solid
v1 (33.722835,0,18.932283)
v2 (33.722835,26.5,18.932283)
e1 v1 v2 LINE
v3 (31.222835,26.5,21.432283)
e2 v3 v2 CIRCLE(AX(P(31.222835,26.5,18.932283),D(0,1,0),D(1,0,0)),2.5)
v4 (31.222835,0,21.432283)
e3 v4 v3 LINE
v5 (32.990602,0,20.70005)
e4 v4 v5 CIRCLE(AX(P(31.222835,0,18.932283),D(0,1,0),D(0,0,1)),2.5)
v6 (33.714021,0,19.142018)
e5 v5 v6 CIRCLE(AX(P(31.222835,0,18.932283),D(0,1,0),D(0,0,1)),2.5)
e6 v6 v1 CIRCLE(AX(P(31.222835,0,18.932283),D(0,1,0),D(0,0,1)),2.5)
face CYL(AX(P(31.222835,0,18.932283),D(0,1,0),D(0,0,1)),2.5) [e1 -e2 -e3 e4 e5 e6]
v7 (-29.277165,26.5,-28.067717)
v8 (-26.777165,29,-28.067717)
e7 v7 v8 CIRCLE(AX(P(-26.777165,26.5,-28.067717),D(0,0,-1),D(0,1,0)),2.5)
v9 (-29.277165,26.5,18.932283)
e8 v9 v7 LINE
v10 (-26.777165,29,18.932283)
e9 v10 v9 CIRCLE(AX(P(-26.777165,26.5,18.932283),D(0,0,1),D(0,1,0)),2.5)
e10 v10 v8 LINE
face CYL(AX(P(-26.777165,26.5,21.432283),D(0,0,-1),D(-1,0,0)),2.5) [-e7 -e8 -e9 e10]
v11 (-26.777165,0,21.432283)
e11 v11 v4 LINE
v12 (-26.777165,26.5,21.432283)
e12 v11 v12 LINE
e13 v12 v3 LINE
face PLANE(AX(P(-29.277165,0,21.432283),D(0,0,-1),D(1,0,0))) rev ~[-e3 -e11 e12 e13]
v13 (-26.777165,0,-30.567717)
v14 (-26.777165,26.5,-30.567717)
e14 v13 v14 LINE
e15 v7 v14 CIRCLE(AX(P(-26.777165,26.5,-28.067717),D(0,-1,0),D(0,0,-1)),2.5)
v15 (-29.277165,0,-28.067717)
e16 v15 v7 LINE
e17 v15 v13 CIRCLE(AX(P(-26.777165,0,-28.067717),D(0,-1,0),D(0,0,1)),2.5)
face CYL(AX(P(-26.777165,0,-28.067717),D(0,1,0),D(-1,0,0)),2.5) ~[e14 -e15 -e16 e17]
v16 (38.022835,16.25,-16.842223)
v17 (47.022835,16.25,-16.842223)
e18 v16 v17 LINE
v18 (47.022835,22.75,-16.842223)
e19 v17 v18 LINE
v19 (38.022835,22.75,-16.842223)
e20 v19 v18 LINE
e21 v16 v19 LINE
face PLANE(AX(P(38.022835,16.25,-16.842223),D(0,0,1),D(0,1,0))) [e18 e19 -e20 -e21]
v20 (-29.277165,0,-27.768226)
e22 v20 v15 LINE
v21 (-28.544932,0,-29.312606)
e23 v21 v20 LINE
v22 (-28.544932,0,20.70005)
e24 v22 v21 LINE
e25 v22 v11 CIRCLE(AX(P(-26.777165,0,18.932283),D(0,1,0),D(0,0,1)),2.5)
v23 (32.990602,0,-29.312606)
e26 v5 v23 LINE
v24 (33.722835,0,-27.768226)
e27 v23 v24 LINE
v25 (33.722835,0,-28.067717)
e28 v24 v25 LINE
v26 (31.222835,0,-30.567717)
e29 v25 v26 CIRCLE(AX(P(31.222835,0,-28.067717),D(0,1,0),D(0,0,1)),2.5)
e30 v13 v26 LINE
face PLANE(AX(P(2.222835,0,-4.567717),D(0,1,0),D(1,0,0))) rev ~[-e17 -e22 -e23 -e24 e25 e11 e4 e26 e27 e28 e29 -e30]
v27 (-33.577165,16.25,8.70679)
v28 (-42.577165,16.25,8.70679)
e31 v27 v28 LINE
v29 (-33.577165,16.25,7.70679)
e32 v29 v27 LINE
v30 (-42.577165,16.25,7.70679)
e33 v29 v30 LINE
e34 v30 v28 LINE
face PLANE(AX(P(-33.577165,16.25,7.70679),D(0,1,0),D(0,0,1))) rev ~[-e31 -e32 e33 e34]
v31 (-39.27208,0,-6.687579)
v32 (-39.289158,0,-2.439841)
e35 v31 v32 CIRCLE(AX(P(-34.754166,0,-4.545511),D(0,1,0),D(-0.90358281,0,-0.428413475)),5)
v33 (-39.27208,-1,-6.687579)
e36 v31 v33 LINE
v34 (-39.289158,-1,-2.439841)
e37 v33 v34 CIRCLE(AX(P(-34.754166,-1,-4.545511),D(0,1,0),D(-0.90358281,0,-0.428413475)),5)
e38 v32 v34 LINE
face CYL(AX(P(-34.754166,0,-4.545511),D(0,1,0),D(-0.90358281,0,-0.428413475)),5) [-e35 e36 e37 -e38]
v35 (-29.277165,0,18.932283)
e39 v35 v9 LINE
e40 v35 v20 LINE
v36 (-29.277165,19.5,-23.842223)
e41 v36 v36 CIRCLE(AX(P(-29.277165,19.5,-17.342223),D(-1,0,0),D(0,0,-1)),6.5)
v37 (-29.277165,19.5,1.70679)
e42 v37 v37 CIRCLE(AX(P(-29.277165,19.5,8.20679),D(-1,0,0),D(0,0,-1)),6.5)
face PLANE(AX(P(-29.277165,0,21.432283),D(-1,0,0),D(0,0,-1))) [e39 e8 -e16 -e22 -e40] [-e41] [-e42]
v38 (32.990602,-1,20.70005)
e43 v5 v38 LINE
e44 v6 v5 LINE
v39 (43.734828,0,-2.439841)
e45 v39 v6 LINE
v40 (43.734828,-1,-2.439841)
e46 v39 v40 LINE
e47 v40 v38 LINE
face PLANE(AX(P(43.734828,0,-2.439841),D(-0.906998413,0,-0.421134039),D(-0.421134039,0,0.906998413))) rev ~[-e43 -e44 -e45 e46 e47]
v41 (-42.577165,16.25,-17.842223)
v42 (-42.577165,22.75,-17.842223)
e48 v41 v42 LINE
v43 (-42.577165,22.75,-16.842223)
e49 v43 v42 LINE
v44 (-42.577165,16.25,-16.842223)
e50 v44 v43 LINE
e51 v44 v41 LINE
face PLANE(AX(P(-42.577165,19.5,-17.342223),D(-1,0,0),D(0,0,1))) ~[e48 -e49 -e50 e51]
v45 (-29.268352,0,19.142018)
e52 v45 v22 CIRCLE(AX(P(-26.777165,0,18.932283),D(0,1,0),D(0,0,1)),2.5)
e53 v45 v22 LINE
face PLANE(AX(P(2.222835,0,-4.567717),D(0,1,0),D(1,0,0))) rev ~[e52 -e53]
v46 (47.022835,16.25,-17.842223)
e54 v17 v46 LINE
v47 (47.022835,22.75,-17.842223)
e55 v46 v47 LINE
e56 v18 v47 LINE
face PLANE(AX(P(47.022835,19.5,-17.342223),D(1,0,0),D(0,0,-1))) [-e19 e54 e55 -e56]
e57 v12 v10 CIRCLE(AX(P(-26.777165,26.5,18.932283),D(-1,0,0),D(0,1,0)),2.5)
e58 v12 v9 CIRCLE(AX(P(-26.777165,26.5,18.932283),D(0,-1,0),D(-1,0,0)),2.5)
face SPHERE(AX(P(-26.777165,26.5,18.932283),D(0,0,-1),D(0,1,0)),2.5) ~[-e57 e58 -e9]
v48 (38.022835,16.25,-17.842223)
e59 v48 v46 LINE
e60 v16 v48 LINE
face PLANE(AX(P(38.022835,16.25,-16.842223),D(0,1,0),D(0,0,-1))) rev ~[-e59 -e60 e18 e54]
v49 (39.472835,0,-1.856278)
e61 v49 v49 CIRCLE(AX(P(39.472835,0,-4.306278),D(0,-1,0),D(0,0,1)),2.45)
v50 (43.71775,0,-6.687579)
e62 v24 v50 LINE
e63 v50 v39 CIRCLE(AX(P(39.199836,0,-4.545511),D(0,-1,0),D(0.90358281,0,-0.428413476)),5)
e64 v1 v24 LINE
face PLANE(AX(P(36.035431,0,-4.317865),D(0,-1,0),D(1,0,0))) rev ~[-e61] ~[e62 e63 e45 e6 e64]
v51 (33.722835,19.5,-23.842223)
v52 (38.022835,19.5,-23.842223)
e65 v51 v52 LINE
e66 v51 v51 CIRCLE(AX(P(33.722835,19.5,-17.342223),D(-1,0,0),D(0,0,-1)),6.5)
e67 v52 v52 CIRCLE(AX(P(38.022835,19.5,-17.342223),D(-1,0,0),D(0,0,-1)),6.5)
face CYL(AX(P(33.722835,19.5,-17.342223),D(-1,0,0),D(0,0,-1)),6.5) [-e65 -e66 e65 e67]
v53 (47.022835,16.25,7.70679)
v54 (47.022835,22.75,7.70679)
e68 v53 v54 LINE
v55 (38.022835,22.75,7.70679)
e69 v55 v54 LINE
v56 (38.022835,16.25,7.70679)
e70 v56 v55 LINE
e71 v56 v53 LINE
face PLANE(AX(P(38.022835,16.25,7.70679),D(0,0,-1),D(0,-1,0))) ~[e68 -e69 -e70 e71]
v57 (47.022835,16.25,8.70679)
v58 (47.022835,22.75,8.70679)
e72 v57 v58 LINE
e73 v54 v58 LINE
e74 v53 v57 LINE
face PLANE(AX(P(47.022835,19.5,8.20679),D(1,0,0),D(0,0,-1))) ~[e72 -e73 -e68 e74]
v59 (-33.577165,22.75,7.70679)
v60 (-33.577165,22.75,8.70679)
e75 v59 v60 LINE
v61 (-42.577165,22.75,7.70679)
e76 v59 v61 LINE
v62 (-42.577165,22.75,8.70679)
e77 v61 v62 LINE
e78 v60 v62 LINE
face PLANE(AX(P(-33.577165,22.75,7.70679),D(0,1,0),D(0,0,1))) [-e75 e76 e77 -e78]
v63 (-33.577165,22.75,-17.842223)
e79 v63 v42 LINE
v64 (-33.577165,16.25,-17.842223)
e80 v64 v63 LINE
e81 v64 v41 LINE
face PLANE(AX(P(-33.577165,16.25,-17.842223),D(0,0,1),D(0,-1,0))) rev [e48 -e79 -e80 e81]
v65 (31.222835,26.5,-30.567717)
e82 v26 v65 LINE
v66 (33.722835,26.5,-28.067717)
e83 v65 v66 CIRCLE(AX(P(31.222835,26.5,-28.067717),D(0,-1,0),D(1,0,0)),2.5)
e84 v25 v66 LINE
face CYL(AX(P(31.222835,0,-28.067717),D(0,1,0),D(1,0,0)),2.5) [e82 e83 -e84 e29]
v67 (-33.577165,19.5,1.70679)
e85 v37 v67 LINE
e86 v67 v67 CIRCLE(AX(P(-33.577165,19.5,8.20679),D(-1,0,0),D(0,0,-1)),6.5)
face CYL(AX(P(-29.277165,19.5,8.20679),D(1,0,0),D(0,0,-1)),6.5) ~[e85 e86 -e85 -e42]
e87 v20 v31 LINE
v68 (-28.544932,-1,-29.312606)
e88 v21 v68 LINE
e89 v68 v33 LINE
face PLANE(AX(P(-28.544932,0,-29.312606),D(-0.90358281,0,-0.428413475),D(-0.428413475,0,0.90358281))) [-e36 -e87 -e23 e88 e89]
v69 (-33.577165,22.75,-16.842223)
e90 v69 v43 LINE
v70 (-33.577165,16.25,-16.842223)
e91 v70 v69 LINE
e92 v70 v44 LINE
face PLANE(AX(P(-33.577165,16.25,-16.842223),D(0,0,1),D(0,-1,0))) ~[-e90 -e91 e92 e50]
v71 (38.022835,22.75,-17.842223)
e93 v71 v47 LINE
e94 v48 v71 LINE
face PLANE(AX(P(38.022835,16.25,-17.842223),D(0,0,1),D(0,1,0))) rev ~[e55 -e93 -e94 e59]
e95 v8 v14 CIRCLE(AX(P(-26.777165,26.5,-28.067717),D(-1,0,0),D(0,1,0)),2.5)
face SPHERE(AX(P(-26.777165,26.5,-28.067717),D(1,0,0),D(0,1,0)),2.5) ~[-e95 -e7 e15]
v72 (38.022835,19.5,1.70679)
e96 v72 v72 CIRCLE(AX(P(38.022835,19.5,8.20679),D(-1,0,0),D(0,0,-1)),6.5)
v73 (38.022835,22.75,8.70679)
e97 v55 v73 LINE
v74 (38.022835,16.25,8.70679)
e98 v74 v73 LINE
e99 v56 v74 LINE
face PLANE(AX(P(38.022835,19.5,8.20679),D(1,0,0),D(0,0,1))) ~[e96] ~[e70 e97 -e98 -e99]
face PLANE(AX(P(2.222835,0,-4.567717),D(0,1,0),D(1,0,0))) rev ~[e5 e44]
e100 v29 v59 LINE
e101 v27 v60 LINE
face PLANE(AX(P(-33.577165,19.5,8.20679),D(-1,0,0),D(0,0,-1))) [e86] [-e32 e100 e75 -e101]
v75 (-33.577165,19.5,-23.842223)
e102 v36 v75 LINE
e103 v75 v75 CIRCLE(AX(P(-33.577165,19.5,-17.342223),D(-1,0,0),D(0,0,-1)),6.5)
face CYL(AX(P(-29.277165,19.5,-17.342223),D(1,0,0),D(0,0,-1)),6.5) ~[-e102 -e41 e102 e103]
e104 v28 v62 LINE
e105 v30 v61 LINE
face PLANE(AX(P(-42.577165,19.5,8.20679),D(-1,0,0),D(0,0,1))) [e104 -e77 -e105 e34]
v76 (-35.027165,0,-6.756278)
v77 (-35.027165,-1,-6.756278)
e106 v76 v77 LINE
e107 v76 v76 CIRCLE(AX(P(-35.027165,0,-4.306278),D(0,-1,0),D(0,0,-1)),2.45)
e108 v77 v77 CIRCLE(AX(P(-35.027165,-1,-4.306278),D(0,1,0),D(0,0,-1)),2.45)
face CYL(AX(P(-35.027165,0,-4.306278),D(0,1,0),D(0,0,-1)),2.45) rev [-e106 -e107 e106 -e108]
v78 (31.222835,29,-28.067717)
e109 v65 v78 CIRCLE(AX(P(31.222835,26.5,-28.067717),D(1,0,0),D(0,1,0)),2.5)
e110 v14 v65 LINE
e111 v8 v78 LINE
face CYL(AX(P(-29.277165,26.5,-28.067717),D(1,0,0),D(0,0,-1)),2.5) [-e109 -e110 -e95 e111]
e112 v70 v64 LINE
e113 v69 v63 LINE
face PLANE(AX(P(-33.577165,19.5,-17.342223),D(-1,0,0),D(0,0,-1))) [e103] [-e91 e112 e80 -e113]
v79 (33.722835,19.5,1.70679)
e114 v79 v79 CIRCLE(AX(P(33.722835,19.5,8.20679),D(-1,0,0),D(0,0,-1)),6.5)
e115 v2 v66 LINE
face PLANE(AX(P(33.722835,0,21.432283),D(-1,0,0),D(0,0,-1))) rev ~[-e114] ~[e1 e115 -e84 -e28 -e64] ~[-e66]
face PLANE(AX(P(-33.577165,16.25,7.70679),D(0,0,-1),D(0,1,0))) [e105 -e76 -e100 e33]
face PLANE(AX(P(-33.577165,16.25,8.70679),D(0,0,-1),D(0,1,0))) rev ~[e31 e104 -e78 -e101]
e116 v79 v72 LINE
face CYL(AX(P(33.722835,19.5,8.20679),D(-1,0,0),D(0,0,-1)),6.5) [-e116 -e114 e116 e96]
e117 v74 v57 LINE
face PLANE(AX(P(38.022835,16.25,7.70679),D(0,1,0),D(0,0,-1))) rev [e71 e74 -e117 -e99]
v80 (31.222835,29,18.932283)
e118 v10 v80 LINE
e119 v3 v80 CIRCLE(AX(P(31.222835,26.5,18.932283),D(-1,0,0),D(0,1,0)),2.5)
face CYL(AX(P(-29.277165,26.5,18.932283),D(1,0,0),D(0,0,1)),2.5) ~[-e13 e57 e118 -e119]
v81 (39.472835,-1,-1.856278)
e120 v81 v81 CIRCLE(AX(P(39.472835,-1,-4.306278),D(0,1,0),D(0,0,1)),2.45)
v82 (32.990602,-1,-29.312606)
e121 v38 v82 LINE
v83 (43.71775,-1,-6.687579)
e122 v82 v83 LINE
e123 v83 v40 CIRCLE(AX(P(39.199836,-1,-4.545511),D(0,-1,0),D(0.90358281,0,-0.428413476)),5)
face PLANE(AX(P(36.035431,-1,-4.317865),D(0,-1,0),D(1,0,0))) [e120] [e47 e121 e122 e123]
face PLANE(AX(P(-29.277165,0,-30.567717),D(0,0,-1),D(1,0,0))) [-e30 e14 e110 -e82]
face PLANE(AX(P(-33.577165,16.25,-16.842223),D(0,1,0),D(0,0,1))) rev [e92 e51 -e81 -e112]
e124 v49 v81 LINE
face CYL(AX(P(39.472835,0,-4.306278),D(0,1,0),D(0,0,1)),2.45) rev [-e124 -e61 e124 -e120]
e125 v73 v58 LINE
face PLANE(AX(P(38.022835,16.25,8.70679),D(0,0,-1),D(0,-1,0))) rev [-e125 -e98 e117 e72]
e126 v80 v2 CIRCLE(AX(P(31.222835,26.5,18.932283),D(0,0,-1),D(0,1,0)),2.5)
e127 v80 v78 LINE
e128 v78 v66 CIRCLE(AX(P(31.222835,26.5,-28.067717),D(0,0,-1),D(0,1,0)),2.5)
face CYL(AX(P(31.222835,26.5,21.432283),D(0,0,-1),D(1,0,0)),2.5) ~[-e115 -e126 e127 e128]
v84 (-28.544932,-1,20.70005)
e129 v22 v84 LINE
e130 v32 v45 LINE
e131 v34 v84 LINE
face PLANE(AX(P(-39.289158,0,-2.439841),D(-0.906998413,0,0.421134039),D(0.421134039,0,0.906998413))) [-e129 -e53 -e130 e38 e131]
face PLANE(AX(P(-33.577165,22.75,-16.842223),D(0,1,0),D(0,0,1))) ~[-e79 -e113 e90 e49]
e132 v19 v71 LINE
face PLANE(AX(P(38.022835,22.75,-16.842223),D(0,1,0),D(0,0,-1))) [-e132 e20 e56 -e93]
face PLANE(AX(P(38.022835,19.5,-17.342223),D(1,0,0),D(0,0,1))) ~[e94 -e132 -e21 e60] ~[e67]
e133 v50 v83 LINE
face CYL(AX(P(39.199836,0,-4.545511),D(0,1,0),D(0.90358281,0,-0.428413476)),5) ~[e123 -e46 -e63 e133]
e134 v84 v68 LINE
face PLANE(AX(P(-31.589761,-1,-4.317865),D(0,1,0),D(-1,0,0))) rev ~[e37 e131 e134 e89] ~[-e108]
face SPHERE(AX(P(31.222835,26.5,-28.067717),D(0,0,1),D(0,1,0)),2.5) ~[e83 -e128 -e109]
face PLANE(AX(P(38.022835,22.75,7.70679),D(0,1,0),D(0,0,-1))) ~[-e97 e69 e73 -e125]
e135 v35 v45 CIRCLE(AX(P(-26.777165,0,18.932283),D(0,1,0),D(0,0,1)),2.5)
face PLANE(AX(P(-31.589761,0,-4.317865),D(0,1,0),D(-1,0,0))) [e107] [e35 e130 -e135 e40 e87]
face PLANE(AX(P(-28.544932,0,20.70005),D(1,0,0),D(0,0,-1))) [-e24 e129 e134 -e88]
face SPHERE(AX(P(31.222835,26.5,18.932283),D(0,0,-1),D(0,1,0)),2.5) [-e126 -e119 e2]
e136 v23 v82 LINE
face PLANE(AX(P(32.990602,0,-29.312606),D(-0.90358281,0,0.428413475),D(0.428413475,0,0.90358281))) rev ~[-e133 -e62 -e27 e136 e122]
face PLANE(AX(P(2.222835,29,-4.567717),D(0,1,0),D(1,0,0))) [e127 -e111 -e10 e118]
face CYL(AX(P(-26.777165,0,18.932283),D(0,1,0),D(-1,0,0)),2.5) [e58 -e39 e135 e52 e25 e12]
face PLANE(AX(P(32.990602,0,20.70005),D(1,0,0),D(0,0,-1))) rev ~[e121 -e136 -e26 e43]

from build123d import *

# Parameters (mm, degrees)
SZKIC1_W                    = 63
SZKIC1_H                    = 52
DODANIE_WYCI_GNI_CIE1_DEPTH = 29
ZAOKR_GLENIE1_R             = 2.5
DODANIE_WYCI_GNI_CIE2_DEPTH = 1
SZKIC3_R                    = 2.45
WYTNIJ_WYCI_GNI_CIE6_DEPTH  = 62.065626678
SZKIC4_R                    = 6.5
DODANIE_WYCI_GNI_CIE3_DEPTH = 4.3
SZKIC5_W                    = 1
SZKIC5_H                    = 6.5
DODANIE_WYCI_GNI_CIE4_DEPTH = 9
LUSTRO4_COPY_1_SKETCH_W     = 1
LUSTRO4_COPY_1_SKETCH_H     = 6.5
LUSTRO4_COPY_1_DEPTH        = 9
LUSTRO4_COPY_2_SKETCH_W     = 1
LUSTRO4_COPY_2_SKETCH_H     = 6.5
LUSTRO4_COPY_2_DEPTH        = 9


with BuildPart() as part:
    # Szkic1 → Dodanie-wyciągnięcie1 (new body)
    with BuildSketch(Plane(origin=(0, 0, 0), x_dir=(1, 0, 0), z_dir=(0, 1, 0))):
        with Locations((2.222834646, 4.567716535)):
            Rectangle(SZKIC1_W, SZKIC1_H)
    extrude(amount=DODANIE_WYCI_GNI_CIE1_DEPTH)

    # Zaokrąglenie1
    zaokr_glenie1_edges = [part.edges().sort_by_distance(p)[0] for p in [
        (33.722834646, 29, -4.567716535),
        (2.222834646, 29, -30.567716535),
        (-29.277165354, 29, -4.567716535),
        (2.222834646, 29, 21.432283465),
        (-29.277165354, 14.5, -30.567716535),
        (33.722834646, 14.5, -30.567716535),
        (33.722834646, 14.5, 21.432283465),
        (-29.277165354, 14.5, 21.432283465),
    ]]
    fillet(zaokr_glenie1_edges, radius=ZAOKR_GLENIE1_R)

    # Szkic2 → Dodanie-wyciągnięcie2 (add)
    with BuildSketch(Plane.XZ):
        with BuildLine():
            Line((-39.289158378, -2.43984114), (-28.544932307, 20.700050418))
            Line((-28.544932307, 20.700050418), (-28.544932307, -29.312606034))
            Line((-28.544932307, -29.312606034), (-39.272080362, -6.687578711))
            ThreePointArc((-39.272080362, -6.687578711), (-39.754125902, -4.565613657), (-39.289158378, -2.43984114))
        make_face()
        with BuildLine():
            Line((32.990601599, 20.700050418), (32.990601599, -29.312606034))
            Line((32.990601599, -29.312606034), (43.717749653, -6.687578711))
            ThreePointArc((43.717749653, -6.687578711), (44.199795194, -4.565613657), (43.734827669, -2.43984114))
            Line((43.734827669, -2.43984114), (32.990601599, 20.700050418))
        make_face()
    extrude(amount=DODANIE_WYCI_GNI_CIE2_DEPTH)

    # Szkic3 → Wytnij-wyciągnięcie6 (cut, through all)
    with BuildSketch(Plane.XZ):
        with Locations(Location((-35.027165354, -4.306277808, 0), (0, 0, 270))):
            Circle(SZKIC3_R)
        with Locations(Location((39.472834646, -4.306277808, 0), (0, 0, 90))):
            Circle(SZKIC3_R)
    extrude(amount=WYTNIJ_WYCI_GNI_CIE6_DEPTH, mode=Mode.SUBTRACT)

    # Szkic4 → Dodanie-wyciągnięcie3 (add)
    with BuildSketch(Plane.ZY.offset(29.277165354)):
        with Locations(Location((8.206789605, 19.5, 0), (0, 0, 180))):
            Circle(SZKIC4_R)
        with Locations(Location((-17.342222675, 19.5, 0), (0, 0, 180))):
            Circle(SZKIC4_R)
    dodanie_wyci_gni_cie3 = extrude(amount=DODANIE_WYCI_GNI_CIE3_DEPTH)

    # Szkic5 → Dodanie-wyciągnięcie4 (add)
    with BuildSketch(Plane.ZY.offset(33.577165354)):
        with Locations((8.206789605, 19.5)):
            Rectangle(SZKIC5_W, SZKIC5_H)
    dodanie_wyci_gni_cie4 = extrude(amount=DODANIE_WYCI_GNI_CIE4_DEPTH)

    # Lustro1: Dodanie-wyciągnięcie4 across plane
    add(dodanie_wyci_gni_cie4.mirror(Plane(origin=(0, 0, -4.567716535), x_dir=(1, 0, 0), z_dir=(0, 0, -1))))

    # Lustro2: Dodanie-wyciągnięcie3 across plane
    add(dodanie_wyci_gni_cie3.mirror(Plane.ZY.offset(-2.222834646)))

    # Lustro3: Dodanie-wyciągnięcie4 across plane
    add(dodanie_wyci_gni_cie4.mirror(Plane.ZY.offset(-2.222834646)))

    # Lustro4 copy 1 sketch → Lustro4 copy 1 (add)
    with BuildSketch(Plane(origin=(38.022834646, 0, -9.135433071), x_dir=(0, 0, -1), z_dir=(1, 0, 0))):
        with Locations((8.206789605, 19.5)):
            Rectangle(LUSTRO4_COPY_1_SKETCH_W, LUSTRO4_COPY_1_SKETCH_H)
    extrude(amount=LUSTRO4_COPY_1_DEPTH)

    # Lustro4 copy 2 sketch → Lustro4 copy 2 (add)
    with BuildSketch(Plane(origin=(38.022834646, 0, 0), x_dir=(0, 0, 1), z_dir=(1, 0, 0))):
        with Locations((8.206789605, -19.5)):
            Rectangle(LUSTRO4_COPY_2_SKETCH_W, LUSTRO4_COPY_2_SKETCH_H)
    extrude(amount=LUSTRO4_COPY_2_DEPTH)


solid = part.part
